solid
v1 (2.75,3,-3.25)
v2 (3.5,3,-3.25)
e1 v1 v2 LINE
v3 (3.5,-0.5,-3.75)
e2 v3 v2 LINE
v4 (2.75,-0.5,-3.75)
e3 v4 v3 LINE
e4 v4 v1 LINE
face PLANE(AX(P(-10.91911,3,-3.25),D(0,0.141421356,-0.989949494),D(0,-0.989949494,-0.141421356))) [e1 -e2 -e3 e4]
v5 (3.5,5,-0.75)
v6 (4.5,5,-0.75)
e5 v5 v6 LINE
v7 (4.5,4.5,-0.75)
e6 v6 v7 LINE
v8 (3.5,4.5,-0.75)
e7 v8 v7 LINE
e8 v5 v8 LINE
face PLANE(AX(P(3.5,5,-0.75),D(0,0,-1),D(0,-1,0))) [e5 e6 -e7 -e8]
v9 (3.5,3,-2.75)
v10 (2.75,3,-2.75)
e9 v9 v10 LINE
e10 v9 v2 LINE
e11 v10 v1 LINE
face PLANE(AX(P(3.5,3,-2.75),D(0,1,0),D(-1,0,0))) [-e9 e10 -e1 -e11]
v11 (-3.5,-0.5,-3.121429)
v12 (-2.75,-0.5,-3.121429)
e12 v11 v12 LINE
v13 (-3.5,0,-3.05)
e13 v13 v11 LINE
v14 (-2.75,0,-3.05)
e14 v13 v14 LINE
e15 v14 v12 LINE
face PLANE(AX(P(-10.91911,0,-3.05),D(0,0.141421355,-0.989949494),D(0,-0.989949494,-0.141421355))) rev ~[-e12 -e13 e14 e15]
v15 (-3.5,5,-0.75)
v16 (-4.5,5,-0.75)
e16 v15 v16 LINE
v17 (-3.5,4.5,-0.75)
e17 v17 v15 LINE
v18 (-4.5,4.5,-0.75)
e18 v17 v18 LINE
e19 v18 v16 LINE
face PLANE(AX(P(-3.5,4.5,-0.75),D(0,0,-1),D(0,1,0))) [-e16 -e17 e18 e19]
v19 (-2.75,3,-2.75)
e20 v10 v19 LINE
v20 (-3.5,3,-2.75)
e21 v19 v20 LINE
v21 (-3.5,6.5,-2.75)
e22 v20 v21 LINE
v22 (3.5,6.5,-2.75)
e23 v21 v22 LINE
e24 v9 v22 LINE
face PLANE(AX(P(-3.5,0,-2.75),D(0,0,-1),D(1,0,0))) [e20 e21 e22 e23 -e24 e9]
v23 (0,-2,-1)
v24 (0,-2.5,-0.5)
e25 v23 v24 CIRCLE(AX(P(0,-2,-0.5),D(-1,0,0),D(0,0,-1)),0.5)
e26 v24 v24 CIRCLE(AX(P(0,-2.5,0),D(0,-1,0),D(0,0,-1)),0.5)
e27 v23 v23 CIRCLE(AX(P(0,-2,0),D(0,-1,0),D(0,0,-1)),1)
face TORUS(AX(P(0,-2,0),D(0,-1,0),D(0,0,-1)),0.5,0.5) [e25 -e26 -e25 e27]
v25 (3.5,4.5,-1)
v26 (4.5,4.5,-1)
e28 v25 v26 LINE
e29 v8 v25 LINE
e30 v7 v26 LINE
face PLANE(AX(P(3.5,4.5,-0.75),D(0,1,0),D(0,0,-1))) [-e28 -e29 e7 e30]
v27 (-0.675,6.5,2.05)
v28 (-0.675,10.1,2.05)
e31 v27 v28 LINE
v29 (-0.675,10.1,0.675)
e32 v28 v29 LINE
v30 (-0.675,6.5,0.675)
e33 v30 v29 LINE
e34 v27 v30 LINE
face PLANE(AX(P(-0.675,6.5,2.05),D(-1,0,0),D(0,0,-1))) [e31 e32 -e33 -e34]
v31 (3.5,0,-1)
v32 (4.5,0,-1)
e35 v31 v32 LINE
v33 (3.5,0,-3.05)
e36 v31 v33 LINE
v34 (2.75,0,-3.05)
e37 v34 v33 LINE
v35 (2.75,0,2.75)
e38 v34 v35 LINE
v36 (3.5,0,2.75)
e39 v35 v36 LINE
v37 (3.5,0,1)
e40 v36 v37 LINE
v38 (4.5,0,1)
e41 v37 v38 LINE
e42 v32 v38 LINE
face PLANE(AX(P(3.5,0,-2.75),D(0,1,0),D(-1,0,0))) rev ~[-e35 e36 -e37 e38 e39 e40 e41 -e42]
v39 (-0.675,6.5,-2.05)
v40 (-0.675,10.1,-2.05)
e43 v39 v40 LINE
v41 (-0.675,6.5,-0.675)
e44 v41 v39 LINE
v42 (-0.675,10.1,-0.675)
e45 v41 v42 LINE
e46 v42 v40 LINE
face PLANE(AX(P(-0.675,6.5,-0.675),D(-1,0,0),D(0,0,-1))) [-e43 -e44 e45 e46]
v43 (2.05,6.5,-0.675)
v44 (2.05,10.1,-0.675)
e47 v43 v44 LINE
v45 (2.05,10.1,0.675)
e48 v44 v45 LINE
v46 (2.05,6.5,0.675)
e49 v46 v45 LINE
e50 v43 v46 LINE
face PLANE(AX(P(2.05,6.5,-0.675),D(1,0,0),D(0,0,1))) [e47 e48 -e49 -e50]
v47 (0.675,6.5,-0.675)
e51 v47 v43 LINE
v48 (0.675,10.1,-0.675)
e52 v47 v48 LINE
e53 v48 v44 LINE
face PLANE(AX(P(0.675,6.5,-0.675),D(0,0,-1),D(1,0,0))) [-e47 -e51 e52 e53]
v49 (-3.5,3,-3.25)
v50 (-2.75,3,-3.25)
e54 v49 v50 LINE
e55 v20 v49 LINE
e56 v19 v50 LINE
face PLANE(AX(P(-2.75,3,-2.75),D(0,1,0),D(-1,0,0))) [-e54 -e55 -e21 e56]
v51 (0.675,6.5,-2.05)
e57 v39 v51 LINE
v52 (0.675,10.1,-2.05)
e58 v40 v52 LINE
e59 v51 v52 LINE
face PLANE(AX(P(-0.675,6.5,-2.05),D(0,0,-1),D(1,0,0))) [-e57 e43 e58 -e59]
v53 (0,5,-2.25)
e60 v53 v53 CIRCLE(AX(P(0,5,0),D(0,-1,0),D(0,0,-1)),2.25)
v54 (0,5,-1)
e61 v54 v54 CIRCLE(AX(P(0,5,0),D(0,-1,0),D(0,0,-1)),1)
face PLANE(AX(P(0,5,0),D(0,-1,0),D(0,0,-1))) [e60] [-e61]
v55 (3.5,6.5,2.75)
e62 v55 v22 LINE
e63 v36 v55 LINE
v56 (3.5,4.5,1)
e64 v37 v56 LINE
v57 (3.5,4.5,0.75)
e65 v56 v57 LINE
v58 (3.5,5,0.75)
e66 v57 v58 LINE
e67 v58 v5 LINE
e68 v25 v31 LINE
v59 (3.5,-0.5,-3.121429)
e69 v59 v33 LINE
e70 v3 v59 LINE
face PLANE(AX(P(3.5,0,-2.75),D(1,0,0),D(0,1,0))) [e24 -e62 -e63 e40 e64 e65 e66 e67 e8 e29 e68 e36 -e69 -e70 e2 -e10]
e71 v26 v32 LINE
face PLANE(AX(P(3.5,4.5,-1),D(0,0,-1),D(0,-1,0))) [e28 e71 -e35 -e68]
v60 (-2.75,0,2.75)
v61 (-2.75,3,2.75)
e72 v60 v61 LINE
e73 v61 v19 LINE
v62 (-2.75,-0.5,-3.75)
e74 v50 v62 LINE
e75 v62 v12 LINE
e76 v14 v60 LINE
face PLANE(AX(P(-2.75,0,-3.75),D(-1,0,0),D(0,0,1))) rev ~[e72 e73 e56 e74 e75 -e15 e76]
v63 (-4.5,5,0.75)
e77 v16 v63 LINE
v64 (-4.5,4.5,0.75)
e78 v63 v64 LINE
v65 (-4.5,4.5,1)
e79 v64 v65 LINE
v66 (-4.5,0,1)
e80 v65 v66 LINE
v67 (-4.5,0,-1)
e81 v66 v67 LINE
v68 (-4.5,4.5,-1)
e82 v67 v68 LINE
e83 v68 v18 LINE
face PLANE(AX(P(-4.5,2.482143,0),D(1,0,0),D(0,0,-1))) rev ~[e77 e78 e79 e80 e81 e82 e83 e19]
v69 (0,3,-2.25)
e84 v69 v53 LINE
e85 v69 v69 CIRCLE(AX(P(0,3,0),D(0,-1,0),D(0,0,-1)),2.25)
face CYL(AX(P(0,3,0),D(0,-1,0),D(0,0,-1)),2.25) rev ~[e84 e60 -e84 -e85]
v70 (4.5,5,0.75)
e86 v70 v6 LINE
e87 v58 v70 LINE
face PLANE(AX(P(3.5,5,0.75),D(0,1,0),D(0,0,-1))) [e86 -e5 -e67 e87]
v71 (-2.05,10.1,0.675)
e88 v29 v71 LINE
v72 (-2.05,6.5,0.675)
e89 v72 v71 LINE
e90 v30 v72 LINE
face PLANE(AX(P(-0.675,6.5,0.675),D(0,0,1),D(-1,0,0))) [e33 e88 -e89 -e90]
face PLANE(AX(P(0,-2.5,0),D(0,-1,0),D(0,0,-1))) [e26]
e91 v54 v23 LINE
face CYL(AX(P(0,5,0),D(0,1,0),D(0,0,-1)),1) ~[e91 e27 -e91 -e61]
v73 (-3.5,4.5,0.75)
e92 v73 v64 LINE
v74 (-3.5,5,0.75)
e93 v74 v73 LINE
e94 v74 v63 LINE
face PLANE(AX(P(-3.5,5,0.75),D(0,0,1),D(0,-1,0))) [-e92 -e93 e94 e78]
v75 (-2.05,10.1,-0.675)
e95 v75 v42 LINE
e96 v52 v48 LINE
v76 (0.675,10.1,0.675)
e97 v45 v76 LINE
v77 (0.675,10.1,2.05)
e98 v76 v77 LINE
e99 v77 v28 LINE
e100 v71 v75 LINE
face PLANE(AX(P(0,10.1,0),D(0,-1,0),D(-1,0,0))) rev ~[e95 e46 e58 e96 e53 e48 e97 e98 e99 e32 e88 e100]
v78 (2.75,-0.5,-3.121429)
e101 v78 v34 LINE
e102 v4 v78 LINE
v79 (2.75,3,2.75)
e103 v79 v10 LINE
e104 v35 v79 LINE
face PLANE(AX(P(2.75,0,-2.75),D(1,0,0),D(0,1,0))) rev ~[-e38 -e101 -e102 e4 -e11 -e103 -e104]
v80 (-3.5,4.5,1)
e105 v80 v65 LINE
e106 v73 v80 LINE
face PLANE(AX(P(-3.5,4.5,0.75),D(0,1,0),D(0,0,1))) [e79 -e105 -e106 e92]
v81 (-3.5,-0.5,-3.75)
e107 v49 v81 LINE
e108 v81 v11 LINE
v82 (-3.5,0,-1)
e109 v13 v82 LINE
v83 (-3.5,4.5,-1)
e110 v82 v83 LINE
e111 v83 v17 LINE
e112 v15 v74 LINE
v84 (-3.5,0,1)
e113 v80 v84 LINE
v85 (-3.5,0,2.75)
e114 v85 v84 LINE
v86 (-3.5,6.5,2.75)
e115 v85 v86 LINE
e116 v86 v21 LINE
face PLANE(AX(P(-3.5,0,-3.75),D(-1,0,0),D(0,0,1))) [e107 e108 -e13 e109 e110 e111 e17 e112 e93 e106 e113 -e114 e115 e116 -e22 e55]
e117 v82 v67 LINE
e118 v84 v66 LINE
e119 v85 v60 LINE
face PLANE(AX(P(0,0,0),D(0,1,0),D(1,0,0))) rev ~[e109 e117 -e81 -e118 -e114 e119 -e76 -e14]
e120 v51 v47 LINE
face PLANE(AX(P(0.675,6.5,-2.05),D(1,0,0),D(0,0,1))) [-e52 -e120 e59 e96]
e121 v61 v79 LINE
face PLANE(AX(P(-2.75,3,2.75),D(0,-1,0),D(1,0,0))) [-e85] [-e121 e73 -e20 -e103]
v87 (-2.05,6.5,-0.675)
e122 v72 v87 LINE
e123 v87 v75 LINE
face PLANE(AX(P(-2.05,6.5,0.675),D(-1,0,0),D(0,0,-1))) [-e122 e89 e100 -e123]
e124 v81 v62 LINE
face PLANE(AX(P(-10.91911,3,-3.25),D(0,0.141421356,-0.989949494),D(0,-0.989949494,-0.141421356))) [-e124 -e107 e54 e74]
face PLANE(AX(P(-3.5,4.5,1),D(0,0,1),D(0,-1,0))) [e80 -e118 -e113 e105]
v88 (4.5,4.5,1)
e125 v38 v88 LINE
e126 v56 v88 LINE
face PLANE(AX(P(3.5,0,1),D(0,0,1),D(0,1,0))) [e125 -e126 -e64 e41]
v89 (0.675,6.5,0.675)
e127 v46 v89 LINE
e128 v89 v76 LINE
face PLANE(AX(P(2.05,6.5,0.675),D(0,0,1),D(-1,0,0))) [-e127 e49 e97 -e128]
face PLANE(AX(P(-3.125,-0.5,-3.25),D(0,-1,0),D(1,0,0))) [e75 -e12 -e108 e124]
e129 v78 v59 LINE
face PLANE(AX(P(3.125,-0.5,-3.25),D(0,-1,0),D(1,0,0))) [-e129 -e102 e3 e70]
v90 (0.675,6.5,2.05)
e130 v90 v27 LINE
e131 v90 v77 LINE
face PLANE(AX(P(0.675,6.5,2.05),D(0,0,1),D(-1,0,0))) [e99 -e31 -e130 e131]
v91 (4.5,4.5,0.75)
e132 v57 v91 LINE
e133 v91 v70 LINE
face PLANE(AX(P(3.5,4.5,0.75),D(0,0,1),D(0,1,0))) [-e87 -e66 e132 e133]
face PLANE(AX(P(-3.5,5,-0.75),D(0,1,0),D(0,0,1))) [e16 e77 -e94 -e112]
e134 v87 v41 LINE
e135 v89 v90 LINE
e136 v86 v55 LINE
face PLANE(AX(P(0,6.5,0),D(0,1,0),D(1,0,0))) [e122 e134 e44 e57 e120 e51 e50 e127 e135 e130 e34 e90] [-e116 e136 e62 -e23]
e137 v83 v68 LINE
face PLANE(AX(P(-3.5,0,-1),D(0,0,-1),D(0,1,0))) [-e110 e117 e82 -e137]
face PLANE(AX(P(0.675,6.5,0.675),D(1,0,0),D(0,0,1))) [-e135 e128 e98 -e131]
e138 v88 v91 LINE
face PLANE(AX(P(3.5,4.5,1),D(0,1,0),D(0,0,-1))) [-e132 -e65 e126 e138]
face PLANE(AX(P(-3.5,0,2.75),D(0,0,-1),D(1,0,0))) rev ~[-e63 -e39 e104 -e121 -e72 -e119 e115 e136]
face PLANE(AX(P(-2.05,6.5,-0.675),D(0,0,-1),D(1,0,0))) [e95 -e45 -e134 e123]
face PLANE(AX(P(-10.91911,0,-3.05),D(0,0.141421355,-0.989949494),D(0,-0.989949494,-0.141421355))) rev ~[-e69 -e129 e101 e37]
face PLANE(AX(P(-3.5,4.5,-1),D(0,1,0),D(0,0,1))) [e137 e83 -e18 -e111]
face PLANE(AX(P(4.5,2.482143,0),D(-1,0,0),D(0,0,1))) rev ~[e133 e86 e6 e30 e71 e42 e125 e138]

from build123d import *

# Parameters (mm, degrees)
SKETCH1_W               = 7
SKETCH1_H               = 5.5
BOSS_EXTRUDE1_DEPTH     = 6.5
SKETCH4_W               = 5.5
SKETCH4_H               = 3
CUT_EXTRUDE1_DEPTH      = 10.20597632
BOSS_EXTRUDE2_DEPTH     = 1
BOSS_EXTRUDE3_DEPTH     = 1
SKETCH8_R               = 2.25
CUT_EXTRUDE2_DEPTH      = 2
BOSS_EXTRUDE4_DEPTH     = 3.6
SKETCH11_R              = 1
BOSS_EXTRUDE5_DEPTH     = 7.5
FILLET1_R               = 0.5
SKETCH12_W              = 0.75
SKETCH12_H              = 3
BOSS_EXTRUDE6_DEPTH     = 1
SKETCH14_W              = 0.75
SKETCH14_H              = 1
BOSS_EXTRUDE7_DEPTH     = 0.5
CUT_EXTRUDE3_DEPTH      = 14.419109508
CUT_EXTRUDE3_DEPTH_BACK = 14.419109508


with BuildPart() as part:
    # Sketch1 → Boss-Extrude1 (new body)
    with BuildSketch(Plane(origin=(0, 0, 0), x_dir=(1, 0, 0), z_dir=(0, 1, 0))):
        Rectangle(SKETCH1_W, SKETCH1_H)
    extrude(amount=BOSS_EXTRUDE1_DEPTH)

    # Sketch4 → Cut-Extrude1 (cut, through all)
    with BuildSketch(Plane.XY.offset(2.75)):
        with Locations((0, 1.5)):
            Rectangle(SKETCH4_W, SKETCH4_H)
    extrude(amount=-CUT_EXTRUDE1_DEPTH, mode=Mode.SUBTRACT)

    # Sketch6 → Boss-Extrude2 (add)
    with BuildSketch(Plane.ZY.offset(3.5)):
        Polygon((-1, 4.5), (-0.75, 4.5), (-0.75, 5), (0.75, 5), (0.75, 4.5), (1, 4.5), (1, 0), (-1, 0), align=None)
    extrude(amount=BOSS_EXTRUDE2_DEPTH)

    # Sketch7 → Boss-Extrude3 (add)
    with BuildSketch(Plane(origin=(3.5, 0, 0), x_dir=(0, 0, -1), z_dir=(1, 0, 0))):
        Polygon((-1, 0), (-1, 4.5), (-0.75, 4.5), (-0.75, 5), (0.75, 5), (0.75, 4.5), (1, 4.5), (1, 0), align=None)
    extrude(amount=BOSS_EXTRUDE3_DEPTH)

    # Sketch8 → Cut-Extrude2 (cut)
    with BuildSketch(Plane.XZ.offset(-3)):
        with Locations(Location((0, 0, 0), (0, 0, 270))):
            Circle(SKETCH8_R)
    extrude(amount=-CUT_EXTRUDE2_DEPTH, mode=Mode.SUBTRACT)

    # Sketch10 → Boss-Extrude4 (add)
    with BuildSketch(Plane(origin=(0, 6.5, 0), x_dir=(1, 0, 0), z_dir=(0, 1, 0))):
        Polygon((-2.05, -0.675), (-2.05, 0.675), (-0.675, 0.675), (-0.675, 2.05), (0.675, 2.05), (0.675, 0.675), (2.05, 0.675), (2.05, -0.675), (0.675, -0.675), (0.675, -2.05), (-0.675, -2.05), (-0.675, -0.675), align=None)
    extrude(amount=BOSS_EXTRUDE4_DEPTH)

    # Sketch11 → Boss-Extrude5 (add)
    with BuildSketch(Plane.XZ.offset(-5)):
        with Locations(Location((0, 0, 0), (0, 0, 270))):
            Circle(SKETCH11_R)
    extrude(amount=BOSS_EXTRUDE5_DEPTH)

    # Fillet1
    fillet1_edges = [part.edges().sort_by_distance(p)[0] for p in [
        (0, -2.5, 1),
    ]]
    fillet(fillet1_edges, radius=FILLET1_R)

    # Sketch12 → Boss-Extrude6 (add)
    with BuildSketch(Plane(origin=(0, 0, -2.75), x_dir=(-1, 0, 0), z_dir=(0, 0, -1))):
        with Locations((-3.125, 1.5)):
            Rectangle(SKETCH12_W, SKETCH12_H)
        with Locations((3.125, 1.5)):
            Rectangle(SKETCH12_W, SKETCH12_H)
    extrude(amount=BOSS_EXTRUDE6_DEPTH)

    # Sketch14 → Boss-Extrude7 (add)
    with BuildSketch(Plane.XZ):
        with Locations((-3.125, -3.25)):
            Rectangle(SKETCH14_W, SKETCH14_H)
        with Locations((3.125, -3.25)):
            Rectangle(SKETCH14_W, SKETCH14_H)
    extrude(amount=BOSS_EXTRUDE7_DEPTH)

    # Sketch15 → Cut-Extrude3 (cut, two sides: drawn at the far end of the back side and taken through both)
    with BuildSketch(Plane(origin=(3.5, 0, 0), x_dir=(0, 0, -1), z_dir=(1, 0, 0)).offset(-CUT_EXTRUDE3_DEPTH_BACK)):
        Polygon((3.75, 3), (3.25, 3), (3.75, -0.5), align=None)
        Polygon((2.75, 0), (3.05, 0), (3.121428571, -0.5), (2.75, -0.5), align=None)
    extrude(amount=CUT_EXTRUDE3_DEPTH + CUT_EXTRUDE3_DEPTH_BACK, mode=Mode.SUBTRACT)


solid = part.part
